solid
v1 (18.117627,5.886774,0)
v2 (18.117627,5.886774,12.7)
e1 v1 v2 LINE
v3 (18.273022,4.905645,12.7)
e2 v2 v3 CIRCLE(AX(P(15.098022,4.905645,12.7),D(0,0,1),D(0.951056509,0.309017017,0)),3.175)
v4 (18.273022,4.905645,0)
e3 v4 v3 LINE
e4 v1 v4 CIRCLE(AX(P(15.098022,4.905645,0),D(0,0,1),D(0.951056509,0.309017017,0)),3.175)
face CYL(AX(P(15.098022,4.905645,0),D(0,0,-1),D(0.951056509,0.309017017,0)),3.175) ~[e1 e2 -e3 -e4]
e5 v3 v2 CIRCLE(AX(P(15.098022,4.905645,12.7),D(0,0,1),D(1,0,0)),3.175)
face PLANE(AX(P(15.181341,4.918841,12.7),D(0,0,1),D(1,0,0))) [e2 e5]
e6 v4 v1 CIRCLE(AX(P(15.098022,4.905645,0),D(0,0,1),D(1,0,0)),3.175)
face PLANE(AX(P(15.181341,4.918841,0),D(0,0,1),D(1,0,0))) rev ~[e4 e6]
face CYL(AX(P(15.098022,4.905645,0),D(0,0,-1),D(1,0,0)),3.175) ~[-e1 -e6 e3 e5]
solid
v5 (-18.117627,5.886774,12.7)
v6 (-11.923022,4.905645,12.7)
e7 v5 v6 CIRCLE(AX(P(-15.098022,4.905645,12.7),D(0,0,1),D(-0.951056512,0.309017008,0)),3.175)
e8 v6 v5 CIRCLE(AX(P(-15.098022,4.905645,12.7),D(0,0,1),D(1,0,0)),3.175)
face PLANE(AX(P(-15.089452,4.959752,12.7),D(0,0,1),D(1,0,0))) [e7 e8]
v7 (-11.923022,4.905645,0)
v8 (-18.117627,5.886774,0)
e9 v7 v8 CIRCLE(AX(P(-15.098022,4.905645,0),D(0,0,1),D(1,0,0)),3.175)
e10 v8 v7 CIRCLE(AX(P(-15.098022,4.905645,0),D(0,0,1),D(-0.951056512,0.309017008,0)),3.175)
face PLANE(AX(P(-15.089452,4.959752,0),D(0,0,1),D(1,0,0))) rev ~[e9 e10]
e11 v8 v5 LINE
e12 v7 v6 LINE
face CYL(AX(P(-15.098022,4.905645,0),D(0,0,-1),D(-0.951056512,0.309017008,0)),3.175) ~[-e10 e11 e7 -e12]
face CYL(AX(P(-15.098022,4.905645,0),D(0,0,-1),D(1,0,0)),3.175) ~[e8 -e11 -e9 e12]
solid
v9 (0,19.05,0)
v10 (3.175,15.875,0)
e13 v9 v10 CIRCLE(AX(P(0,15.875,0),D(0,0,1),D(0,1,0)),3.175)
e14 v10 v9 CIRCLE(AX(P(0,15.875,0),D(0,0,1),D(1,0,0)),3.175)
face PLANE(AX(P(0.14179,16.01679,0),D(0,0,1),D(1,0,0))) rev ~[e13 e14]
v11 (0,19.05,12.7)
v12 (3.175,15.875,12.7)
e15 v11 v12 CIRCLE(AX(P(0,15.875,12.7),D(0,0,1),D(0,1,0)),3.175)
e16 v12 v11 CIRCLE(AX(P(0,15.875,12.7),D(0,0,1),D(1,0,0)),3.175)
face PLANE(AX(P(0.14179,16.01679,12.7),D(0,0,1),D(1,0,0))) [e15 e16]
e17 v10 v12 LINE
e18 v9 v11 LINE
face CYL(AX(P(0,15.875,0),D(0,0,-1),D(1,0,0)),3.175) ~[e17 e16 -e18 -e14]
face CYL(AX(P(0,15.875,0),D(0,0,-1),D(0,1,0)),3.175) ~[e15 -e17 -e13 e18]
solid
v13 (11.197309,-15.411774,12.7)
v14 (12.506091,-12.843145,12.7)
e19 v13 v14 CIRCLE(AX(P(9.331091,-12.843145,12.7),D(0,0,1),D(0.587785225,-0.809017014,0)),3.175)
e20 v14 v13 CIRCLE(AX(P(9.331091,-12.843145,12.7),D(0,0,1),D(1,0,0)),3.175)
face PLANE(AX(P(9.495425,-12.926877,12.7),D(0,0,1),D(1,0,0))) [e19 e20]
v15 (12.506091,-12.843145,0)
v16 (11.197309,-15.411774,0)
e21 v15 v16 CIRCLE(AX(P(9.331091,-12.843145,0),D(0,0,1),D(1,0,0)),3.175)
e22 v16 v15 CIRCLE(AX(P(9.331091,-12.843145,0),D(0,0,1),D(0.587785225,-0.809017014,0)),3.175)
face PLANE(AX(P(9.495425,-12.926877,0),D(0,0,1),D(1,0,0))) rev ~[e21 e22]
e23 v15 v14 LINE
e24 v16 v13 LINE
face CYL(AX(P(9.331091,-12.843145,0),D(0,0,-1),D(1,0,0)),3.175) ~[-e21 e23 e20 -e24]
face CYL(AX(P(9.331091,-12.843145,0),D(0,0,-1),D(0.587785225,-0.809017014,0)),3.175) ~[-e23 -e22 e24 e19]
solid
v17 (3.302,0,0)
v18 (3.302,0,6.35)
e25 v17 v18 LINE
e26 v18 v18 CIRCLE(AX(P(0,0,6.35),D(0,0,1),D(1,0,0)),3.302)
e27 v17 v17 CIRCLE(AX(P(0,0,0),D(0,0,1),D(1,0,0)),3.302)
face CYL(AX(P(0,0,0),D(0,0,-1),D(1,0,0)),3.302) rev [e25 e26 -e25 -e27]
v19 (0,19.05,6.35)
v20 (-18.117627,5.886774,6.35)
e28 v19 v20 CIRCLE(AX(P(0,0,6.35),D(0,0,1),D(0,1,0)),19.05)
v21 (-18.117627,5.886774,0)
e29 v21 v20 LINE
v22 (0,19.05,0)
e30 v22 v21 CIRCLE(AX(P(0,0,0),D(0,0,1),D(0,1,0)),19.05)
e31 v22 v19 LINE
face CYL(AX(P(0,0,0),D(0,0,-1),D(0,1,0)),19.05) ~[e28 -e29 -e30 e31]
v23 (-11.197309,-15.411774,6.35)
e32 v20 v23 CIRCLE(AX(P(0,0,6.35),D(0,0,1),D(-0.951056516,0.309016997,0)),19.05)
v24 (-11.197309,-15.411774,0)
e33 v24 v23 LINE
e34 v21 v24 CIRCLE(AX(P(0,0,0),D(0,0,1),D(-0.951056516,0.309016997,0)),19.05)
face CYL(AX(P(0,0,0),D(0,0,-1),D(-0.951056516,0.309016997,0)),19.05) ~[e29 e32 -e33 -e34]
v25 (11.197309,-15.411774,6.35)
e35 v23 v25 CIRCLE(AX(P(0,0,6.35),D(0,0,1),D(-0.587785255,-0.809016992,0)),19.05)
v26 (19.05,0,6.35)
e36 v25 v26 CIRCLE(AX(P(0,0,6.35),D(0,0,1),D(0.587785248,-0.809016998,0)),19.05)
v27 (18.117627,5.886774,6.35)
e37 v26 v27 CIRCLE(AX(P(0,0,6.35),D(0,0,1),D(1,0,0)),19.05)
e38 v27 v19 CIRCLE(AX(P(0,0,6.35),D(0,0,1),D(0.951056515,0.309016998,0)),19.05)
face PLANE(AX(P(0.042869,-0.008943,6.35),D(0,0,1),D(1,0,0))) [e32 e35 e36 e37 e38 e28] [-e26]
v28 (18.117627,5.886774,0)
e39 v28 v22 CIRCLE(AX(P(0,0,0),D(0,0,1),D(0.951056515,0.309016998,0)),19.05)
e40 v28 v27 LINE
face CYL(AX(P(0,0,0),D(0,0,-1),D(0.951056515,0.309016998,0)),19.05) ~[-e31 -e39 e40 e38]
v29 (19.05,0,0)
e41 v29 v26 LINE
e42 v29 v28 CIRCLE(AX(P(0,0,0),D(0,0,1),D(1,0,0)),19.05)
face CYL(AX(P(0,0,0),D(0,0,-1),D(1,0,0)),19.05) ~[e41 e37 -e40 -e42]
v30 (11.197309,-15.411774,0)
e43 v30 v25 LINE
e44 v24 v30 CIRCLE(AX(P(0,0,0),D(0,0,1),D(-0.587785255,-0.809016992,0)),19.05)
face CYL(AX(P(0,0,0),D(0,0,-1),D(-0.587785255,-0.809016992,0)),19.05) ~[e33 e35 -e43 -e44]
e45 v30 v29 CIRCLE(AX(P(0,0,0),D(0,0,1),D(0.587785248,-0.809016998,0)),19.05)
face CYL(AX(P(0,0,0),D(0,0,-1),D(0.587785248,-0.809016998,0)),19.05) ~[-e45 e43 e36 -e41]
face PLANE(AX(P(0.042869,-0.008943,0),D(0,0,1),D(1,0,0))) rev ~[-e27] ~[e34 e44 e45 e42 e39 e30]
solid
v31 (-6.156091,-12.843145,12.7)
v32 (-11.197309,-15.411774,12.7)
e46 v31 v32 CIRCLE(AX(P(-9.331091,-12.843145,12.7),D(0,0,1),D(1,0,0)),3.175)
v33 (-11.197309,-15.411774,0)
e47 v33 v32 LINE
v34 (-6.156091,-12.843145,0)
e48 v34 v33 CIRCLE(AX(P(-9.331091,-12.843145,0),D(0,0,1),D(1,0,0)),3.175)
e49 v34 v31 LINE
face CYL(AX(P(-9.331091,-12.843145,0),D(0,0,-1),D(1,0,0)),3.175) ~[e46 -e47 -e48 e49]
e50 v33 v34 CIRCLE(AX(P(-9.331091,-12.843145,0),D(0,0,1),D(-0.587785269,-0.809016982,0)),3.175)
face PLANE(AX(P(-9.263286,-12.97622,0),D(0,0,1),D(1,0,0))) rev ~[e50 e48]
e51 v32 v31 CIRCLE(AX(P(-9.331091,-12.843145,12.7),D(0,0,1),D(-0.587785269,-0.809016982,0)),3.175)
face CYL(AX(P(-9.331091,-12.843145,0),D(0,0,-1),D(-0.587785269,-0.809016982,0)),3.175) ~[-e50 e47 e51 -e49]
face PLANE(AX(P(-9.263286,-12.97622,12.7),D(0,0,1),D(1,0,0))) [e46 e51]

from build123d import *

# Parameters (mm, degrees)
F0_R     = 3.302
F1_DEPTH = 6.35
F2_DEPTH = 12.7
F3_DEPTH = 12.7


with BuildPart() as f1:
    # F0 (on Top) → F1 (new body)
    with BuildSketch(Plane.XY):
        with BuildLine():
            ThreePointArc((11.19730897, -15.4117738054), (16.9736742616, -8.6485190675), (19.05, 0))
            ThreePointArc((19.05, 0), (18.8154628823, 2.980076597), (18.1176266116, 5.8867738161))
            ThreePointArc((18.1176266116, 5.8867738161), (11.197309025, 15.4117737655), (0, 19.05))
            ThreePointArc((0, 19.05), (-11.1973090383, 15.4117737558), (-18.1176266218, 5.8867737848))
            ThreePointArc((-18.1176266218, 5.8867737848), (-18.1176266522, -5.8867736914), (-11.1973091081, -15.4117737051))
            ThreePointArc((-11.1973091081, -15.4117737051), (-8.53e-08, -19.05), (11.19730897, -15.4117738054))
        make_face()
        with BuildLine():
            ThreePointArc((-6.1560908801, -12.8431447857), (-7.8896710721, -15.6720905146), (-11.1973091081, -15.4117737051))
            ThreePointArc((-11.1973091081, -15.4117737051), (-10.7725106882, -10.0141990568), (-6.1560908801, -12.8431447857))
        make_face(mode=Mode.SUBTRACT)
        with BuildLine():
            ThreePointArc((12.5060908801, -12.8431447857), (12.1600365703, -14.2845646698), (11.19730897, -15.4117738054))
            ThreePointArc((11.19730897, -15.4117738054), (6.50214519, -11.4017249016), (12.5060908801, -12.8431447857))
        make_face(mode=Mode.SUBTRACT)
        with BuildLine():
            ThreePointArc((-11.9230221962, 4.9056447857), (-15.5947016445, 1.7697343078), (-18.1176266218, 5.8867737848))
            ThreePointArc((-18.1176266218, 5.8867737848), (-14.6013427479, 8.0415552636), (-11.9230221962, 4.9056447857))
        make_face(mode=Mode.SUBTRACT)
        Circle(F0_R, mode=Mode.SUBTRACT)
        with BuildLine():
            ThreePointArc((18.2730221962, 4.9056447857), (11.9621117208, 4.4089653212), (18.1176266116, 5.8867738161))
            ThreePointArc((18.1176266116, 5.8867738161), (18.2339326716, 5.4023242502), (18.2730221962, 4.9056447857))
        make_face(mode=Mode.SUBTRACT)
        with BuildLine():
            ThreePointArc((3.175, 15.875), (-2.2450640303, 13.6299359697), (0, 19.05))
            ThreePointArc((0, 19.05), (2.2450640303, 18.1200640303), (3.175, 15.875))
        make_face(mode=Mode.SUBTRACT)
        with BuildLine():
            ThreePointArc((18.2730221962, 4.9056447857), (18.2339326716, 5.4023242502), (18.1176266116, 5.8867738161))
            ThreePointArc((18.1176266116, 5.8867738161), (11.9621117208, 4.4089653212), (18.2730221962, 4.9056447857))
        make_face()
        with BuildLine():
            ThreePointArc((3.175, 15.875), (2.2450640303, 18.1200640303), (0, 19.05))
            ThreePointArc((0, 19.05), (-2.2450640303, 13.6299359697), (3.175, 15.875))
        make_face()
        with BuildLine():
            ThreePointArc((-11.9230221962, 4.9056447857), (-14.6013427479, 8.0415552636), (-18.1176266218, 5.8867737848))
            ThreePointArc((-18.1176266218, 5.8867737848), (-15.5947016445, 1.7697343078), (-11.9230221962, 4.9056447857))
        make_face()
        with BuildLine():
            ThreePointArc((-6.1560908801, -12.8431447857), (-10.7725106882, -10.0141990568), (-11.1973091081, -15.4117737051))
            ThreePointArc((-11.1973091081, -15.4117737051), (-7.8896710721, -15.6720905146), (-6.1560908801, -12.8431447857))
        make_face()
        with BuildLine():
            ThreePointArc((12.5060908801, -12.8431447857), (6.50214519, -11.4017249016), (11.19730897, -15.4117738054))
            ThreePointArc((11.19730897, -15.4117738054), (12.1600365703, -14.2845646698), (12.5060908801, -12.8431447857))
        make_face()
    extrude(amount=F1_DEPTH)


with BuildPart() as f2:
    # F0 (on Top) → F2 (new body)
    with BuildSketch(Plane.XY):
        with BuildLine():
            ThreePointArc((3.175, 15.875), (2.2450640303, 18.1200640303), (0, 19.05))
            ThreePointArc((0, 19.05), (-2.2450640303, 13.6299359697), (3.175, 15.875))
        make_face()
    extrude(amount=F2_DEPTH)


with BuildPart() as f2b:
    # F0 (on Top) → F2, piece 2 (new body)
    with BuildSketch(Plane.XY):
        with BuildLine():
            ThreePointArc((-6.1560908801, -12.8431447857), (-10.7725106882, -10.0141990568), (-11.1973091081, -15.4117737051))
            ThreePointArc((-11.1973091081, -15.4117737051), (-7.8896710721, -15.6720905146), (-6.1560908801, -12.8431447857))
        make_face()
    extrude(amount=F2_DEPTH)


with BuildPart() as f2c:
    # F0 (on Top) → F2, piece 3 (new body)
    with BuildSketch(Plane.XY):
        with BuildLine():
            ThreePointArc((12.5060908801, -12.8431447857), (6.50214519, -11.4017249016), (11.19730897, -15.4117738054))
            ThreePointArc((11.19730897, -15.4117738054), (12.1600365703, -14.2845646698), (12.5060908801, -12.8431447857))
        make_face()
    extrude(amount=F2_DEPTH)


with BuildPart() as f2d:
    # F0 (on Top) → F2, piece 4 (new body)
    with BuildSketch(Plane.XY):
        with BuildLine():
            ThreePointArc((18.2730221962, 4.9056447857), (18.2339326716, 5.4023242502), (18.1176266116, 5.8867738161))
            ThreePointArc((18.1176266116, 5.8867738161), (11.9621117208, 4.4089653212), (18.2730221962, 4.9056447857))
        make_face()
    extrude(amount=F2_DEPTH)


with BuildPart() as f3:
    # F0 (on Top) → F3 (new body)
    with BuildSketch(Plane.XY):
        with BuildLine():
            ThreePointArc((-11.9230221962, 4.9056447857), (-14.6013427479, 8.0415552636), (-18.1176266218, 5.8867737848))
            ThreePointArc((-18.1176266218, 5.8867737848), (-15.5947016445, 1.7697343078), (-11.9230221962, 4.9056447857))
        make_face()
    extrude(amount=F3_DEPTH)


solid = Compound([f1.part, f2.part, f2b.part, f2c.part, f2d.part, f3.part])
